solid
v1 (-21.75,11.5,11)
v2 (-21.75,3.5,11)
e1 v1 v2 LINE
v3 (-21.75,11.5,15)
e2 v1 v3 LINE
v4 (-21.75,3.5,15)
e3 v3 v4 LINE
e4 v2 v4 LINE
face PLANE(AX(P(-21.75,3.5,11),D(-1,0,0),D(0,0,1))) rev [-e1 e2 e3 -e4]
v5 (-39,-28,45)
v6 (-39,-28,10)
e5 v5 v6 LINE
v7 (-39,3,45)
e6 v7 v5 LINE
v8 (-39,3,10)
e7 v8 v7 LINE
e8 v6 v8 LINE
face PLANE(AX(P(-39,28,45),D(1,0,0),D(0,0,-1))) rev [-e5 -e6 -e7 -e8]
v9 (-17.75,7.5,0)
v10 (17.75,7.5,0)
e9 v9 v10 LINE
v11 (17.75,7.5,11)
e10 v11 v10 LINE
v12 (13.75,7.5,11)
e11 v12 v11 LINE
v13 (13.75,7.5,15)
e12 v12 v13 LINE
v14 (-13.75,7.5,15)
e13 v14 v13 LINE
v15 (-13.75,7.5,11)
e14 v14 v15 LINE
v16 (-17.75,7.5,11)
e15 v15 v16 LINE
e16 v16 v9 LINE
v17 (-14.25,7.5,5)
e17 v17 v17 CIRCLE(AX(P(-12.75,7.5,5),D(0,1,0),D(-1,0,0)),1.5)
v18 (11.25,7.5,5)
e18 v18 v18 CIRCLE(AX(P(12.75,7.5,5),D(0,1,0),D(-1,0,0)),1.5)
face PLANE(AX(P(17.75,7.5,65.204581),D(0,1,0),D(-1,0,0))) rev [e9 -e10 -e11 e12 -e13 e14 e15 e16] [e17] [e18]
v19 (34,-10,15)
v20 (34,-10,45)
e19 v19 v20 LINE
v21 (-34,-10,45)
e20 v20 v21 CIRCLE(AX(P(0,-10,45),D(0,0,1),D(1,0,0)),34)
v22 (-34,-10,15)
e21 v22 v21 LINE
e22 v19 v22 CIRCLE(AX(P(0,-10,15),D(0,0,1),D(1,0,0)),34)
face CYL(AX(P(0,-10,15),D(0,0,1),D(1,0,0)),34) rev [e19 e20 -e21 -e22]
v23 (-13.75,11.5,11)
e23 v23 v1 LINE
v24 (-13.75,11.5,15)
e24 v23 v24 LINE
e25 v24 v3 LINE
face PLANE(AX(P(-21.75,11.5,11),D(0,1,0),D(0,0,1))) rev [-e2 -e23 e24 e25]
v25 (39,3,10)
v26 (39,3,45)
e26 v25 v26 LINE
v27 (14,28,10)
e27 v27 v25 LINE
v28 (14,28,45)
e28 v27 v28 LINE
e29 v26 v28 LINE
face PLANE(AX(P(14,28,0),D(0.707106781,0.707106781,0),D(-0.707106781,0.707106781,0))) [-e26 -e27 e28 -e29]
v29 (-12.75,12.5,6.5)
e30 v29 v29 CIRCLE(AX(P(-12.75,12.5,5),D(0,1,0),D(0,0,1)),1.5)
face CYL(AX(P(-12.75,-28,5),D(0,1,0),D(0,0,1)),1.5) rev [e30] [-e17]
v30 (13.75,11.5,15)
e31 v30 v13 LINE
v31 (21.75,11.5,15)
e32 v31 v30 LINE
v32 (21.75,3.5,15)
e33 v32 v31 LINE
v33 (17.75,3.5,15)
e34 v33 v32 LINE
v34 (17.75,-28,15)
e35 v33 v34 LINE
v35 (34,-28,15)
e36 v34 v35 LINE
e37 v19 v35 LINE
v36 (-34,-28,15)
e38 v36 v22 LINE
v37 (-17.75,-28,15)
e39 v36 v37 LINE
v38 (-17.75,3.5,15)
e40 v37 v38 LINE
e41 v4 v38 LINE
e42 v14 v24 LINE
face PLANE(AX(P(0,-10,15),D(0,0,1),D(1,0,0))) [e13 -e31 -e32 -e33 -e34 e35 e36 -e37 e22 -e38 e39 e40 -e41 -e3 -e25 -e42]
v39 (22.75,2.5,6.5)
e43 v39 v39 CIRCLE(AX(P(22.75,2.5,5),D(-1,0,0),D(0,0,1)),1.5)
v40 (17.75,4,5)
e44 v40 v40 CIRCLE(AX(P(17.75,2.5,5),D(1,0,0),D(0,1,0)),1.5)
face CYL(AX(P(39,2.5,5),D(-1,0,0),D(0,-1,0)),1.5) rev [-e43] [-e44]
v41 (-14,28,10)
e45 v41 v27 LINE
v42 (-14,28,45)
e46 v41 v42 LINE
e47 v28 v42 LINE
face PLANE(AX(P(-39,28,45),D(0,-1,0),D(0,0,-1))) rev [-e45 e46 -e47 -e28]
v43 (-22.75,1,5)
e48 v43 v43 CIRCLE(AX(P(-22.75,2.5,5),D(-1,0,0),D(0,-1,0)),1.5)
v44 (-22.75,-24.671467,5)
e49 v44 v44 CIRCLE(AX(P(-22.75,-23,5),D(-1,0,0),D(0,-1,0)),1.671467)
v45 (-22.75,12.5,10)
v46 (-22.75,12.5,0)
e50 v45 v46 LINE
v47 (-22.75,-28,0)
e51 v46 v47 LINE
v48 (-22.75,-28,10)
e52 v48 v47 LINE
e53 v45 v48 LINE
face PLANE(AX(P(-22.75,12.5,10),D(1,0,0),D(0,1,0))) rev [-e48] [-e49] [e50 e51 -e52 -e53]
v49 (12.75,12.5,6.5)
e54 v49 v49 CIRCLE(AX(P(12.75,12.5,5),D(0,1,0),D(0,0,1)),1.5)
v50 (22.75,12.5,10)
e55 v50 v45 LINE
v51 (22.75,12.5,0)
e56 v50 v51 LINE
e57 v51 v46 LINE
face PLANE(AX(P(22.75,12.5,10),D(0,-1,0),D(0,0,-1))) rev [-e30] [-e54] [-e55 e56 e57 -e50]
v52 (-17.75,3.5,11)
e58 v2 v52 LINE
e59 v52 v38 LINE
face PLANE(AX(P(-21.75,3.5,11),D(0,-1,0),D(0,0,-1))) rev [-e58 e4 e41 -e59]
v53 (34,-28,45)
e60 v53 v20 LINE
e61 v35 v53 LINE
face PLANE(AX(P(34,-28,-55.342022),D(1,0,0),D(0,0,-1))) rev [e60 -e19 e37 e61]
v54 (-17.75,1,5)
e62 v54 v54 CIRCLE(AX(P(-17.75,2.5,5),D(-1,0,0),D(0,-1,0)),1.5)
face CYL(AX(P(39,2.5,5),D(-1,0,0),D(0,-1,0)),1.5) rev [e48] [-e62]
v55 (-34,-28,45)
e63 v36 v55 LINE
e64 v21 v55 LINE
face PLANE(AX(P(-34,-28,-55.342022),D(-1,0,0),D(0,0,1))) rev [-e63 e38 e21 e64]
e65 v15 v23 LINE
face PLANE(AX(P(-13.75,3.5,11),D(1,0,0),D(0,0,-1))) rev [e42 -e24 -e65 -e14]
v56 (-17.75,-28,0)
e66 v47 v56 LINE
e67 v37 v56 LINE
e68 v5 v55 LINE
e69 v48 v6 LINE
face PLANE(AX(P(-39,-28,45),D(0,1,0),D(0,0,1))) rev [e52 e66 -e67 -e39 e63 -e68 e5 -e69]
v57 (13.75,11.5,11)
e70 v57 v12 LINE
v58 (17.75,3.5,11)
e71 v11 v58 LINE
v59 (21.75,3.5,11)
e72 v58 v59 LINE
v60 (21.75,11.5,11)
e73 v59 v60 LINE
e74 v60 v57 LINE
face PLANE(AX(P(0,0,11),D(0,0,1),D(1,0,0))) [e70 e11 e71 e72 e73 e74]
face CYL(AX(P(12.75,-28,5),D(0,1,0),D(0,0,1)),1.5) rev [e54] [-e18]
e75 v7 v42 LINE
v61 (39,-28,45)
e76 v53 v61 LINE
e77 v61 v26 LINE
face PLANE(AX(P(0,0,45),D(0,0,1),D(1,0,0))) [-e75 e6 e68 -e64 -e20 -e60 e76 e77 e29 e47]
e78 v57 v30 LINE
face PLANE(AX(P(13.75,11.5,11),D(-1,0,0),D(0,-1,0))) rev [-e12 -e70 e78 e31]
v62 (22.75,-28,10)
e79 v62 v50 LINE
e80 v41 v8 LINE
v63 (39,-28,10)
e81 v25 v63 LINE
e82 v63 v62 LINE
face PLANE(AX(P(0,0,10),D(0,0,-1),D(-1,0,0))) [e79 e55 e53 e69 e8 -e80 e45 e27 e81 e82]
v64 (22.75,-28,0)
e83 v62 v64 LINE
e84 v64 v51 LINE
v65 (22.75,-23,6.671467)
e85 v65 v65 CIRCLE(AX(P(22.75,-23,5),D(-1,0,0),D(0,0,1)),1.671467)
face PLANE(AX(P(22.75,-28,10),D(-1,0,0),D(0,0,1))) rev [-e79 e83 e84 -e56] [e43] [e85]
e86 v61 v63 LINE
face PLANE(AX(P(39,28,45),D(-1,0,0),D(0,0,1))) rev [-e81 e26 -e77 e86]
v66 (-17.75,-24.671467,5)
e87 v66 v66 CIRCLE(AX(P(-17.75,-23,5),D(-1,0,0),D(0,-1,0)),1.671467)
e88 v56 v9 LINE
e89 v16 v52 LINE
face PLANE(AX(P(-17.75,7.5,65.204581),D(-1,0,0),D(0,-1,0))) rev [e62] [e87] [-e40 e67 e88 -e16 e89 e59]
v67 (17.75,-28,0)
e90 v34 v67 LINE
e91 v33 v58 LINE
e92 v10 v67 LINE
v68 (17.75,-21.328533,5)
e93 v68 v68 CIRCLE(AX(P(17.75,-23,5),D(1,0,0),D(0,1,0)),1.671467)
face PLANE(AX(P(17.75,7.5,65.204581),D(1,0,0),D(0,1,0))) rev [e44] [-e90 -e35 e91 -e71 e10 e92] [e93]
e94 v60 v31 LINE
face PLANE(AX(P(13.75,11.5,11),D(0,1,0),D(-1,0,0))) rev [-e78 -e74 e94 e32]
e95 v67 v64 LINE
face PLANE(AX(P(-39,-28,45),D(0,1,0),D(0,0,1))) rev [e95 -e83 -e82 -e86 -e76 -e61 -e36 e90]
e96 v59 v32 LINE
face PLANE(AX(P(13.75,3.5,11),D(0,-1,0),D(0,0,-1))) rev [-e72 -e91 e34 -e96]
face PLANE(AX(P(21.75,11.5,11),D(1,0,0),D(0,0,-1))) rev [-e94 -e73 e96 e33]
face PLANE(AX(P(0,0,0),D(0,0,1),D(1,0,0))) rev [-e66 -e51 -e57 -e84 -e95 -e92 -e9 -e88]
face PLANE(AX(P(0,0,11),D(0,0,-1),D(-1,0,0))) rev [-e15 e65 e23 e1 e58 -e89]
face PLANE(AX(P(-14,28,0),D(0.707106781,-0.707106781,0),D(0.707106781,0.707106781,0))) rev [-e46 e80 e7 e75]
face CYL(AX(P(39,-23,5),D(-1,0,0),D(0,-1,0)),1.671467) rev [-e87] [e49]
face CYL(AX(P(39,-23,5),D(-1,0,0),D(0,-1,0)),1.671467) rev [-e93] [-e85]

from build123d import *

# Parameters (mm, degrees)
ESQUISSE3_W              = 78
ESQUISSE3_H              = 56
BOSS_EXTRU_2_DEPTH       = 45
ESQUISSE4_R              = 34
ENL_V_MAT_EXTRU_1_DEPTH  = 30
ESQUISSE5_W              = 35.5
ESQUISSE5_H              = 35.5
ENL_V_MAT_EXTRU_2_DEPTH  = 15
ENL_V_MAT_EXTRU_5_DEPTH  = 10
ESQUISSE12_W             = 68
ESQUISSE12_H             = 18
ENL_V_MAT_EXTRU_6_DEPTH  = 30
ESQUISSE13_R             = 1.671466639
ENL_V_MAT_EXTRU_7_DEPTH  = 62.75
ESQUISSE15_R             = 1.5
ENL_V_MAT_EXTRU_8_DEPTH  = 62.75
ESQUISSE16_W             = 8
ESQUISSE16_H             = 8
ENL_V_MAT_EXTRU_9_DEPTH  = 4
ESQUISSE17_R             = 1.5
ENL_V_MAT_EXTRU_10_DEPTH = 41.5
ESQUISSE18_R             = 1.5
ENL_V_MAT_EXTRU_11_DEPTH = 41.5
ESQUISSE19_W             = 8
ESQUISSE19_H             = 8
ENL_V_MAT_EXTRU_12_DEPTH = 4
ENL_V_MAT_EXTRU_13_DEPTH = 46


with BuildPart() as part:
    # Esquisse3 → Boss.-Extru.2 (new body)
    with BuildSketch(Plane.XY):
        Rectangle(ESQUISSE3_W, ESQUISSE3_H)
    extrude(amount=BOSS_EXTRU_2_DEPTH)

    # Esquisse4 → Enlèv. mat.-Extru.1 (cut)
    with BuildSketch(Plane.XY.offset(45)):
        with Locations((0, -10)):
            Circle(ESQUISSE4_R)
    extrude(amount=-ENL_V_MAT_EXTRU_1_DEPTH, mode=Mode.SUBTRACT)

    # Esquisse5 → Enlèv. mat.-Extru.2 (cut)
    with BuildSketch(Plane(origin=(0, 0, 0), x_dir=(-1, 0, 0), z_dir=(0, 0, -1))):
        with Locations((0, -10.25)):
            Rectangle(ESQUISSE5_W, ESQUISSE5_H)
    extrude(amount=-ENL_V_MAT_EXTRU_2_DEPTH, mode=Mode.SUBTRACT)

    # Esquisse8 → Enlèv. mat.-Extru.5 (cut)
    with BuildSketch(Plane(origin=(0, 0, 0), x_dir=(-1, 0, 0), z_dir=(0, 0, -1))):
        Polygon((-22.75, -28), (-22.75, 12.5), (22.75, 12.5), (22.75, -28), (39, -28), (39, 28), (-39, 28), (-39, -28), align=None)
    extrude(amount=-ENL_V_MAT_EXTRU_5_DEPTH, mode=Mode.SUBTRACT)

    # Esquisse12 → Enlèv. mat.-Extru.6 (cut)
    with BuildSketch(Plane.XY.offset(45)):
        with Locations((0, -19)):
            Rectangle(ESQUISSE12_W, ESQUISSE12_H)
    extrude(amount=-ENL_V_MAT_EXTRU_6_DEPTH, mode=Mode.SUBTRACT)

    # Esquisse13 → Enlèv. mat.-Extru.7 (cut, through all)
    with BuildSketch(Plane.ZY.offset(22.75)):
        with Locations((5, -23)):
            Circle(ESQUISSE13_R)
    extrude(amount=-ENL_V_MAT_EXTRU_7_DEPTH, mode=Mode.SUBTRACT)

    # Esquisse15 → Enlèv. mat.-Extru.8 (cut, through all)
    with BuildSketch(Plane.ZY.offset(22.75)):
        with Locations((5, 2.5)):
            Circle(ESQUISSE15_R)
    extrude(amount=-ENL_V_MAT_EXTRU_8_DEPTH, mode=Mode.SUBTRACT)

    # Esquisse16 → Enlèv. mat.-Extru.9 (cut)
    with BuildSketch(Plane.XY.offset(15)):
        with Locations((-17.75, 7.5)):
            Rectangle(ESQUISSE16_W, ESQUISSE16_H)
    extrude(amount=-ENL_V_MAT_EXTRU_9_DEPTH, mode=Mode.SUBTRACT)

    # Esquisse17 → Enlèv. mat.-Extru.10 (cut, through all)
    with BuildSketch(Plane(origin=(0, 12.5, 0), x_dir=(1, 0, 0), z_dir=(0, 1, 0))):
        with Locations((-12.75, -5)):
            Circle(ESQUISSE17_R)
    extrude(amount=-ENL_V_MAT_EXTRU_10_DEPTH, mode=Mode.SUBTRACT)

    # Esquisse18 → Enlèv. mat.-Extru.11 (cut, through all)
    with BuildSketch(Plane(origin=(0, 12.5, 0), x_dir=(1, 0, 0), z_dir=(0, 1, 0))):
        with Locations((12.75, -5)):
            Circle(ESQUISSE18_R)
    extrude(amount=-ENL_V_MAT_EXTRU_11_DEPTH, mode=Mode.SUBTRACT)

    # Esquisse19 → Enlèv. mat.-Extru.12 (cut)
    with BuildSketch(Plane.XY.offset(15)):
        with Locations((17.75, 7.5)):
            Rectangle(ESQUISSE19_W, ESQUISSE19_H)
    extrude(amount=-ENL_V_MAT_EXTRU_12_DEPTH, mode=Mode.SUBTRACT)

    # Esquisse20 → Enlèv. mat.-Extru.13 (cut, through all)
    with BuildSketch(Plane.XY.offset(45)):
        Polygon((-39, 3), (-39, 28), (-14, 28), align=None)
    enl_v_mat_extru_13 = extrude(amount=-ENL_V_MAT_EXTRU_13_DEPTH, mode=Mode.SUBTRACT)

    # Symétrie1: Enlèv. mat.-Extru.13 across plane
    add(enl_v_mat_extru_13.mirror(Plane(origin=(0, 0, 0), x_dir=(0, 0, 1), z_dir=(1, 0, 0))), mode=Mode.SUBTRACT)


solid = part.part
